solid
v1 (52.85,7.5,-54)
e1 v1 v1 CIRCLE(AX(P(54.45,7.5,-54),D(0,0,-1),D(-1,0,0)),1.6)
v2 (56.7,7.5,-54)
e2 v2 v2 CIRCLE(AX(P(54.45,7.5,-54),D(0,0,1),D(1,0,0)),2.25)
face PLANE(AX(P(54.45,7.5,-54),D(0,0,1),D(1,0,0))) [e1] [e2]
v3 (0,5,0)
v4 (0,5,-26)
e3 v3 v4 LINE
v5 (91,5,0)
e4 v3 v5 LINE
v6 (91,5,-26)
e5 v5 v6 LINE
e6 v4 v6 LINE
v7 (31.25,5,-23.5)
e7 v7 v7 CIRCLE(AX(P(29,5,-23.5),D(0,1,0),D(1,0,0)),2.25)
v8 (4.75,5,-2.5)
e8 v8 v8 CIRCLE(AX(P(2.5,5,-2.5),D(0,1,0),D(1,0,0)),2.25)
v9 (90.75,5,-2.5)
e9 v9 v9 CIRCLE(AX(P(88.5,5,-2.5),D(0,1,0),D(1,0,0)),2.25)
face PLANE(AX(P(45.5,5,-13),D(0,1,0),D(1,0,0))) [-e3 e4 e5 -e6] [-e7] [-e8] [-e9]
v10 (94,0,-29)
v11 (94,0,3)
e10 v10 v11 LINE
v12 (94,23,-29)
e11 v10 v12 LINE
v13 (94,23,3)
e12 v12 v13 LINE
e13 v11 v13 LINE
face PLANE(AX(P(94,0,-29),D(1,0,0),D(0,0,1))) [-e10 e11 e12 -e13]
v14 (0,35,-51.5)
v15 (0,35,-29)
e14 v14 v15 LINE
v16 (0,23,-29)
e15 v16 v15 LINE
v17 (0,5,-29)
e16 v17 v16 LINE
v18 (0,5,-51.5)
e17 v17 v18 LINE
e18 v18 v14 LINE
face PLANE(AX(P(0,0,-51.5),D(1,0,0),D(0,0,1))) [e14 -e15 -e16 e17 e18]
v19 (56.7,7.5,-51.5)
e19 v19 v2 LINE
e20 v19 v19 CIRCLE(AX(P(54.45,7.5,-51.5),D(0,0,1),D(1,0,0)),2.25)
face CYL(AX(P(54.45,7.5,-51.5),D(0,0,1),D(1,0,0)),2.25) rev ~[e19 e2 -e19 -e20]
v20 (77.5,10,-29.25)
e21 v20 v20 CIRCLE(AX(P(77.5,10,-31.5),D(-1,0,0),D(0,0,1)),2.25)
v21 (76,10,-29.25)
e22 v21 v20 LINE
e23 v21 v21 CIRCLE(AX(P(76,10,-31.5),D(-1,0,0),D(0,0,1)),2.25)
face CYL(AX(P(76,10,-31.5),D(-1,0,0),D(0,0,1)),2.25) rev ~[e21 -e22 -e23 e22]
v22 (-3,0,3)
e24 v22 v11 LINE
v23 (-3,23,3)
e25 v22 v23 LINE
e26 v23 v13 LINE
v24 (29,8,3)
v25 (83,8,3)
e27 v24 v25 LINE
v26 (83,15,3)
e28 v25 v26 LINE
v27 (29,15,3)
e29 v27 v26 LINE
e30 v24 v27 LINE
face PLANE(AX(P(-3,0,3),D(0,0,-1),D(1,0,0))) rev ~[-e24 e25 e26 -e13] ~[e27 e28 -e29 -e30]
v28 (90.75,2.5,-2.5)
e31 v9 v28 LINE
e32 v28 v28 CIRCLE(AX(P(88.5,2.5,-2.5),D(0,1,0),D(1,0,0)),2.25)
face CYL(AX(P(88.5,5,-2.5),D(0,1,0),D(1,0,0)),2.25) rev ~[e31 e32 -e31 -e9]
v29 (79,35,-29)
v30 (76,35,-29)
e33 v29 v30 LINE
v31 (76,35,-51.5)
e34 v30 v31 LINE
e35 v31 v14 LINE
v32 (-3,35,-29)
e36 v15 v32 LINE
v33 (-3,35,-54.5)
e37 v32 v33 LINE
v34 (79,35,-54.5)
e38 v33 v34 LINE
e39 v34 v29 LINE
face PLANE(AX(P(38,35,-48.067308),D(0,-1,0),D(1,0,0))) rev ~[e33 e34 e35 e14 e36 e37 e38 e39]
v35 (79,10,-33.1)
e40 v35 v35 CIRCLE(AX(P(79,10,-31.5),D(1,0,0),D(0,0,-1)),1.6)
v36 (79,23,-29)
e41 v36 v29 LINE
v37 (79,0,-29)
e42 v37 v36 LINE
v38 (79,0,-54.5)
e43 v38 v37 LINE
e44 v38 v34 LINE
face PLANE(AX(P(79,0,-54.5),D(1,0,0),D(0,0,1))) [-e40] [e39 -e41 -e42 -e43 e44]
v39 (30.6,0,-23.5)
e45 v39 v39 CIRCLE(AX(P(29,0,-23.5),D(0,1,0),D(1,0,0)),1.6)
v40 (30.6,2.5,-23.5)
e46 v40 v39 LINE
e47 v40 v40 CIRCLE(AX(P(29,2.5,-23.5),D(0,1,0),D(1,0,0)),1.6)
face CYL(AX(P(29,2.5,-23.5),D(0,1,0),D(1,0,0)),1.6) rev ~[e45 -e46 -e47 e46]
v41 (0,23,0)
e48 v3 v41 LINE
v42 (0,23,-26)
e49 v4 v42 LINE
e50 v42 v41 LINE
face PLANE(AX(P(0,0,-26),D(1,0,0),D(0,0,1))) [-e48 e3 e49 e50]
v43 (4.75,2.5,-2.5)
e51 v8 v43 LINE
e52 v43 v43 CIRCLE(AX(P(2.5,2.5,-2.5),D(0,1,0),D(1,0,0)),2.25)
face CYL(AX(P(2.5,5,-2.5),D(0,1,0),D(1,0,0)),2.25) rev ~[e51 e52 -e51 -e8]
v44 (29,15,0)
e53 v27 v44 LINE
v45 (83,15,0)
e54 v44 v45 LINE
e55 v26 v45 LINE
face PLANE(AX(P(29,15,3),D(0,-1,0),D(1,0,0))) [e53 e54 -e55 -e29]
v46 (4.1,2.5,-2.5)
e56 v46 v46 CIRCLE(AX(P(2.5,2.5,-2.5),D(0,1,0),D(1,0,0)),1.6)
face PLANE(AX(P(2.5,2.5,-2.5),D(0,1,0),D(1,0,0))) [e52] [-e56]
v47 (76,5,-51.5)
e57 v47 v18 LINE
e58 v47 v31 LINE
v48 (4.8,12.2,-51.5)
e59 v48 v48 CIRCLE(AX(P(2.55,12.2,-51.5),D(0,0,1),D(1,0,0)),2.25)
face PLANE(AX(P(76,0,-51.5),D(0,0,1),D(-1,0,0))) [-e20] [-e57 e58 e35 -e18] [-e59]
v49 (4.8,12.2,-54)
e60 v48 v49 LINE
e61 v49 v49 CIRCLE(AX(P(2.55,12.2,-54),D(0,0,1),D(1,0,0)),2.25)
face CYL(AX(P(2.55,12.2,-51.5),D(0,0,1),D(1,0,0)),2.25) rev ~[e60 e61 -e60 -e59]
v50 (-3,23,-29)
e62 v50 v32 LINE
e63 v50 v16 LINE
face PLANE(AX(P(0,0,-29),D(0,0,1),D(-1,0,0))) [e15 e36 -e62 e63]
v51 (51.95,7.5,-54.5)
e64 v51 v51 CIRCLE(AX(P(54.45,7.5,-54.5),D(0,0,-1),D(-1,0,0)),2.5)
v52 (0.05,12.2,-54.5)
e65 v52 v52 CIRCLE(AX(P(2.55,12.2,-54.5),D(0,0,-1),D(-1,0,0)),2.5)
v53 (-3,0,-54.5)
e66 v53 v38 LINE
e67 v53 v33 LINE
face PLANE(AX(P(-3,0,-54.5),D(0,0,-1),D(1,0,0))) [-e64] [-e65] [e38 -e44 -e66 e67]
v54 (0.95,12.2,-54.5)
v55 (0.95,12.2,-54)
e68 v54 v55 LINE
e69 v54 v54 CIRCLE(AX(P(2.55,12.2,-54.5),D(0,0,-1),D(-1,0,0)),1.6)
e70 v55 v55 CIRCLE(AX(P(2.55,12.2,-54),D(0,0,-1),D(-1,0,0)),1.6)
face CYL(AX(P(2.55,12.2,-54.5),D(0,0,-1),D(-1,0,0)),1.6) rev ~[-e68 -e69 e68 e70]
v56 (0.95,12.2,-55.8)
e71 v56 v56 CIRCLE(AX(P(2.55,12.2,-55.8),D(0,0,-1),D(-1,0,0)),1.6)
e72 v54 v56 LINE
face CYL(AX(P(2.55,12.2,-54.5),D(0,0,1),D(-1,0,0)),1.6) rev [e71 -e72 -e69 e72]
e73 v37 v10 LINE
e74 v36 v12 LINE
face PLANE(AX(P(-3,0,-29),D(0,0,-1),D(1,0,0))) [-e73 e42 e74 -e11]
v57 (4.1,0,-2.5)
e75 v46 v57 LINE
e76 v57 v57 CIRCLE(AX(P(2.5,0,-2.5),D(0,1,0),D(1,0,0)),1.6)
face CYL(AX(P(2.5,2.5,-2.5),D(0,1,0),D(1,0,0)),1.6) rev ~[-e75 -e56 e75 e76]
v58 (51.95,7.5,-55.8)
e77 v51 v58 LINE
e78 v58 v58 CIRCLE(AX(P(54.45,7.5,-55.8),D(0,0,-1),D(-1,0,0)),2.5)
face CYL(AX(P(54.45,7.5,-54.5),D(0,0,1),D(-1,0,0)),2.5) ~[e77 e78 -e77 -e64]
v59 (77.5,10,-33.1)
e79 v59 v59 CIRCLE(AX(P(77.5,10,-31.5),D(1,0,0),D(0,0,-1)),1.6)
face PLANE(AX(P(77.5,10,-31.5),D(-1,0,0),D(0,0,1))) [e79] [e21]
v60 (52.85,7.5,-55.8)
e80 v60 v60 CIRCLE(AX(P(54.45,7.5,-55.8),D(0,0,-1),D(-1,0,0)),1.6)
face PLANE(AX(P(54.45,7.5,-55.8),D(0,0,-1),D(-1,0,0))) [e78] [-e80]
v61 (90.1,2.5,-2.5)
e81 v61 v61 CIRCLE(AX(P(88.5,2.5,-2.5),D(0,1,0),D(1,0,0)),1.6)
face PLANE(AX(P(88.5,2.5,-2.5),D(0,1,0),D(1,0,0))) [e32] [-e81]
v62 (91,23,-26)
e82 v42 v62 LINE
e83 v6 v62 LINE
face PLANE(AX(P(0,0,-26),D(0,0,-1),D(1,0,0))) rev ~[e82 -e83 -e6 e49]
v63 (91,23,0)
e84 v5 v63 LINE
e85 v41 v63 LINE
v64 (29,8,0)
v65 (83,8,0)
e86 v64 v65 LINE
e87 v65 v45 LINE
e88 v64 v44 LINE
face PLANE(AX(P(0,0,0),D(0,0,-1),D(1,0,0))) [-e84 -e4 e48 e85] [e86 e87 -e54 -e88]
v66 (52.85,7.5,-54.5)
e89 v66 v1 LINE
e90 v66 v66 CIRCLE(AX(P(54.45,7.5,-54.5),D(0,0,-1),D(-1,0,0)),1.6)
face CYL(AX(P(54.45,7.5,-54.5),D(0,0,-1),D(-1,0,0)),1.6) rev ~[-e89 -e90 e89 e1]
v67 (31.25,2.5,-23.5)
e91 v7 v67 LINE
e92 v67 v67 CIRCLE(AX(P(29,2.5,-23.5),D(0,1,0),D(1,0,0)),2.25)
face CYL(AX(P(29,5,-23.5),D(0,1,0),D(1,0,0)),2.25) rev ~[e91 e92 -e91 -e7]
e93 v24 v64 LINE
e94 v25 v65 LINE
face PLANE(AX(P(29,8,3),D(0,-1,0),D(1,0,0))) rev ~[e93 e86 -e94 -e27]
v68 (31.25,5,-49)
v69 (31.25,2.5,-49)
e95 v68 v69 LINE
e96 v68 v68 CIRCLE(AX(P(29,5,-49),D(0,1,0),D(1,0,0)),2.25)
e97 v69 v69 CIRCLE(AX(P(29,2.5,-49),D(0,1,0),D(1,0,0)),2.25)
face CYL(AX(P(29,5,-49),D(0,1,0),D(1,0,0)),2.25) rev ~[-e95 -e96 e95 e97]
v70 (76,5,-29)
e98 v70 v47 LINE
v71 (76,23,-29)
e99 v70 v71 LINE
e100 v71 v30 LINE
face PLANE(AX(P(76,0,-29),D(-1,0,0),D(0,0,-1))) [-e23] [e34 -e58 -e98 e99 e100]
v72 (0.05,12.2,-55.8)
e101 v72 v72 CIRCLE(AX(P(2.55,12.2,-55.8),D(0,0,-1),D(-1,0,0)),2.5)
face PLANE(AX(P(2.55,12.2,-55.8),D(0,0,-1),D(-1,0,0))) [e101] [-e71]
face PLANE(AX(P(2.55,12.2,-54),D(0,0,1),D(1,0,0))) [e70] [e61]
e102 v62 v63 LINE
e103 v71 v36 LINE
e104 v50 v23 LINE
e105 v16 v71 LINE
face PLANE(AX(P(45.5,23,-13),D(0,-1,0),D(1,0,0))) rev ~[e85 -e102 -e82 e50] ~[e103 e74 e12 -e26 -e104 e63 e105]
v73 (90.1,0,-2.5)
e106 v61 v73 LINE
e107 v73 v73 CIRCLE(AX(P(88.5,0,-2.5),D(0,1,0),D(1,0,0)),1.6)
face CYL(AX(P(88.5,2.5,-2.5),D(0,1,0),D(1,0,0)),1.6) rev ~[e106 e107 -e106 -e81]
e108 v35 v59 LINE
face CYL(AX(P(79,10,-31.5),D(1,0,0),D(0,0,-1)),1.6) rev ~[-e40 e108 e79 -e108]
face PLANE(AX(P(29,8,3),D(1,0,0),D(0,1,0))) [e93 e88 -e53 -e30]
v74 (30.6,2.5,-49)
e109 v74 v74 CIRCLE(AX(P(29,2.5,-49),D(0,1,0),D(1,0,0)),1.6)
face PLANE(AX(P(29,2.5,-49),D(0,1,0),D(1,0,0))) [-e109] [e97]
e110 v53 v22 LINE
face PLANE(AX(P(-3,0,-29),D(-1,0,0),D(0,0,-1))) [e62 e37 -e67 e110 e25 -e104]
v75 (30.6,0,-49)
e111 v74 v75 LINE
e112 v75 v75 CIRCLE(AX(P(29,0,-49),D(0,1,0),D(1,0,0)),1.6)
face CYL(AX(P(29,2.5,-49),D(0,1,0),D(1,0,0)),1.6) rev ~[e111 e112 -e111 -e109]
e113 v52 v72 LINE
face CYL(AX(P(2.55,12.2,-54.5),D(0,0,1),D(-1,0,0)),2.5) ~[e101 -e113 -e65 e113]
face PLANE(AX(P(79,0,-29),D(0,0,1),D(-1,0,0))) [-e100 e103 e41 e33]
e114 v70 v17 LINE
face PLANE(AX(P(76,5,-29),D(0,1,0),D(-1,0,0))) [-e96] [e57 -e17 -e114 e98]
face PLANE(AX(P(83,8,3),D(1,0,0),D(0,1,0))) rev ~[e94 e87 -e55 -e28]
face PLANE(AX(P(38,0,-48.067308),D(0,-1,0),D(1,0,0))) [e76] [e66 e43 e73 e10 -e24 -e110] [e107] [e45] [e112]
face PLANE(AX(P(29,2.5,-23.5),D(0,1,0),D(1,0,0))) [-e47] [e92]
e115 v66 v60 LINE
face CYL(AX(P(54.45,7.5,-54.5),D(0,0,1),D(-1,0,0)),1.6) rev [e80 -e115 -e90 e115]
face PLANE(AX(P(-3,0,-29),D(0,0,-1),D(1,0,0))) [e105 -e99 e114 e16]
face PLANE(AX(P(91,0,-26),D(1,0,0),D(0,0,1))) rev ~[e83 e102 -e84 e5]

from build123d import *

# Parameters (mm, degrees)
SKETCH1_W           = 91
SKETCH1_H           = 26
BOSS_EXTRUDE1_DEPTH = 5
SKETCH2_R           = 2.25
CUT_EXTRUDE1_DEPTH  = 2.5
SKETCH4_R           = 1.6
CUT_EXTRUDE3_DEPTH  = 3.5
SKETCH5_W           = 97
SKETCH5_H           = 32
SKETCH5_W_2         = 91
SKETCH5_H_2         = 26
BOSS_EXTRUDE2_DEPTH = 23
CUT_EXTRUDE4_REACH  = 34
SKETCH6_W           = 54
SKETCH6_H           = 7
SKETCH9_W           = 76
SKETCH9_H           = 5
BOSS_EXTRUDE3_DEPTH = 22.5
SKETCH10_R          = 2.25
CUT_EXTRUDE5_DEPTH  = 2.5
SKETCH11_R          = 1.6
CUT_EXTRUDE6_DEPTH  = 3.5
BOSS_EXTRUDE4_DEPTH = 35
CUT_EXTRUDE7_REACH  = 84
SKETCH13_R          = 1.6
CUT_EXTRUDE8_REACH  = 59.5
SKETCH14_R          = 1.6
SKETCH16_R          = 2.25
CUT_EXTRUDE10_DEPTH = 2.5
SKETCH17_R          = 2.5
SKETCH17_R_2        = 1.6
BOSS_EXTRUDE5_DEPTH = 1.3
SKETCH18_R          = 2.25
CUT_EXTRUDE11_DEPTH = 1.5


with BuildPart() as part:
    # Sketch1 → Boss-Extrude1 (new body)
    with BuildSketch(Plane(origin=(0, 0, 0), x_dir=(1, 0, 0), z_dir=(0, 1, 0))):
        with Locations((45.5, 13)):
            Rectangle(SKETCH1_W, SKETCH1_H)
    extrude(amount=BOSS_EXTRUDE1_DEPTH)

    # Sketch2 → Cut-Extrude1 (cut)
    with BuildSketch(Plane(origin=(0, 5, 0), x_dir=(1, 0, 0), z_dir=(0, 1, 0))):
        with Locations((2.5, 2.5)):
            Circle(SKETCH2_R)
        with Locations((88.5, 2.5)):
            Circle(SKETCH2_R)
        with Locations((29, 23.5)):
            Circle(SKETCH2_R)
    extrude(amount=-CUT_EXTRUDE1_DEPTH, mode=Mode.SUBTRACT)

    # Sketch4 → Cut-Extrude3 (cut, through all)
    with BuildSketch(Plane(origin=(0, 2.5, 0), x_dir=(1, 0, 0), z_dir=(0, 1, 0))):
        with Locations((2.5, 2.5)):
            Circle(SKETCH4_R)
        with Locations((29, 23.5)):
            Circle(SKETCH4_R)
        with Locations((88.5, 2.5)):
            Circle(SKETCH4_R)
    extrude(amount=-CUT_EXTRUDE3_DEPTH, mode=Mode.SUBTRACT)

    # Sketch5 → Boss-Extrude2 (add)
    with BuildSketch(Plane.XZ):
        with Locations((45.5, -13)):
            Rectangle(SKETCH5_W, SKETCH5_H)
        with Locations((45.5, -13)):
            Rectangle(SKETCH5_W_2, SKETCH5_H_2, mode=Mode.SUBTRACT)
    extrude(amount=-BOSS_EXTRUDE2_DEPTH)

    # Sketch6 → Cut-Extrude4 (cut, up to next)
    with BuildSketch(Plane.XY.offset(3), mode=Mode.PRIVATE) as cut_extrude4_sk1:
        with Locations((56, 11.5)):
            Rectangle(SKETCH6_W, SKETCH6_H)
    cut_extrude4_tool1 = extrude(cut_extrude4_sk1.sketch, amount=-CUT_EXTRUDE4_REACH, mode=Mode.PRIVATE) & part.part
    add(cut_extrude4_tool1.solids().sort_by_distance((56, 11.5, 3))[0], mode=Mode.SUBTRACT)

    # Sketch9 → Boss-Extrude3 (add)
    with BuildSketch(Plane(origin=(0, 0, -29), x_dir=(-1, 0, 0), z_dir=(0, 0, -1))):
        with Locations((-38, 2.5)):
            Rectangle(SKETCH9_W, SKETCH9_H)
    extrude(amount=BOSS_EXTRUDE3_DEPTH)

    # Sketch10 → Cut-Extrude5 (cut)
    with BuildSketch(Plane(origin=(0, 5, 0), x_dir=(1, 0, 0), z_dir=(0, 1, 0))):
        with Locations((29, 49)):
            Circle(SKETCH10_R)
    extrude(amount=-CUT_EXTRUDE5_DEPTH, mode=Mode.SUBTRACT)

    # Sketch11 → Cut-Extrude6 (cut, through all)
    with BuildSketch(Plane(origin=(0, 2.5, 0), x_dir=(1, 0, 0), z_dir=(0, 1, 0))):
        with Locations((29, 49)):
            Circle(SKETCH11_R)
    extrude(amount=-CUT_EXTRUDE6_DEPTH, mode=Mode.SUBTRACT)

    # Sketch12 → Boss-Extrude4 (add)
    with BuildSketch(Plane.XZ):
        Polygon((0, -29), (-3, -29), (-3, -54.5), (0, -54.5), (79, -54.5), (79, -51.5), (79, -29), (76, -29), (76, -51.5), (0, -51.5), align=None)
    extrude(amount=-BOSS_EXTRUDE4_DEPTH)

    # Sketch13 → Cut-Extrude7 (cut, up to next)
    with BuildSketch(Plane(origin=(79, 0, 0), x_dir=(0, 0, -1), z_dir=(1, 0, 0)), mode=Mode.PRIVATE) as cut_extrude7_sk1:
        with Locations((31.5, 10)):
            Circle(SKETCH13_R)
    cut_extrude7_tool1 = extrude(cut_extrude7_sk1.sketch, amount=-CUT_EXTRUDE7_REACH, mode=Mode.PRIVATE) & part.part
    add(cut_extrude7_tool1.solids().sort_by_distance((79, 10, -31.5))[0], mode=Mode.SUBTRACT)

    # Sketch14 → Cut-Extrude8 (cut, up to next)
    with BuildSketch(Plane(origin=(0, 0, -54.5), x_dir=(-1, 0, 0), z_dir=(0, 0, -1)), mode=Mode.PRIVATE) as cut_extrude8_sk1:
        with Locations((-54.45, 7.5)):
            Circle(SKETCH14_R)
    cut_extrude8_tool1 = extrude(cut_extrude8_sk1.sketch, amount=-CUT_EXTRUDE8_REACH, mode=Mode.PRIVATE) & part.part
    add(cut_extrude8_tool1.solids().sort_by_distance((54.45, 7.5, -54.5))[0], mode=Mode.SUBTRACT)
    # Sketch14 → Cut-Extrude8 (cut, up to next)
    with BuildSketch(Plane(origin=(0, 0, -54.5), x_dir=(-1, 0, 0), z_dir=(0, 0, -1)), mode=Mode.PRIVATE) as cut_extrude8_sk2:
        with Locations((-2.55, 12.2)):
            Circle(SKETCH14_R)
    cut_extrude8_tool2 = extrude(cut_extrude8_sk2.sketch, amount=-CUT_EXTRUDE8_REACH, mode=Mode.PRIVATE) & part.part
    add(cut_extrude8_tool2.solids().sort_by_distance((2.55, 12.2, -54.5))[0], mode=Mode.SUBTRACT)

    # Sketch16 → Cut-Extrude10 (cut)
    with BuildSketch(Plane.XY.offset(-51.5)):
        with Locations((2.55, 12.2)):
            Circle(SKETCH16_R)
        with Locations((54.45, 7.5)):
            Circle(SKETCH16_R)
    extrude(amount=-CUT_EXTRUDE10_DEPTH, mode=Mode.SUBTRACT)

    # Sketch17 → Boss-Extrude5 (add)
    with BuildSketch(Plane(origin=(0, 0, -54.5), x_dir=(-1, 0, 0), z_dir=(0, 0, -1))):
        with Locations((-54.45, 7.5)):
            Circle(SKETCH17_R)
        with Locations((-54.45, 7.5)):
            Circle(SKETCH17_R_2, mode=Mode.SUBTRACT)
        with Locations((-2.55, 12.2)):
            Circle(SKETCH17_R)
        with Locations((-2.55, 12.2)):
            Circle(SKETCH17_R_2, mode=Mode.SUBTRACT)
    extrude(amount=BOSS_EXTRUDE5_DEPTH)

    # Sketch18 → Cut-Extrude11 (cut)
    with BuildSketch(Plane.ZY.offset(-76)):
        with Locations((-31.5, 10)):
            Circle(SKETCH18_R)
    extrude(amount=-CUT_EXTRUDE11_DEPTH, mode=Mode.SUBTRACT)


solid = part.part
